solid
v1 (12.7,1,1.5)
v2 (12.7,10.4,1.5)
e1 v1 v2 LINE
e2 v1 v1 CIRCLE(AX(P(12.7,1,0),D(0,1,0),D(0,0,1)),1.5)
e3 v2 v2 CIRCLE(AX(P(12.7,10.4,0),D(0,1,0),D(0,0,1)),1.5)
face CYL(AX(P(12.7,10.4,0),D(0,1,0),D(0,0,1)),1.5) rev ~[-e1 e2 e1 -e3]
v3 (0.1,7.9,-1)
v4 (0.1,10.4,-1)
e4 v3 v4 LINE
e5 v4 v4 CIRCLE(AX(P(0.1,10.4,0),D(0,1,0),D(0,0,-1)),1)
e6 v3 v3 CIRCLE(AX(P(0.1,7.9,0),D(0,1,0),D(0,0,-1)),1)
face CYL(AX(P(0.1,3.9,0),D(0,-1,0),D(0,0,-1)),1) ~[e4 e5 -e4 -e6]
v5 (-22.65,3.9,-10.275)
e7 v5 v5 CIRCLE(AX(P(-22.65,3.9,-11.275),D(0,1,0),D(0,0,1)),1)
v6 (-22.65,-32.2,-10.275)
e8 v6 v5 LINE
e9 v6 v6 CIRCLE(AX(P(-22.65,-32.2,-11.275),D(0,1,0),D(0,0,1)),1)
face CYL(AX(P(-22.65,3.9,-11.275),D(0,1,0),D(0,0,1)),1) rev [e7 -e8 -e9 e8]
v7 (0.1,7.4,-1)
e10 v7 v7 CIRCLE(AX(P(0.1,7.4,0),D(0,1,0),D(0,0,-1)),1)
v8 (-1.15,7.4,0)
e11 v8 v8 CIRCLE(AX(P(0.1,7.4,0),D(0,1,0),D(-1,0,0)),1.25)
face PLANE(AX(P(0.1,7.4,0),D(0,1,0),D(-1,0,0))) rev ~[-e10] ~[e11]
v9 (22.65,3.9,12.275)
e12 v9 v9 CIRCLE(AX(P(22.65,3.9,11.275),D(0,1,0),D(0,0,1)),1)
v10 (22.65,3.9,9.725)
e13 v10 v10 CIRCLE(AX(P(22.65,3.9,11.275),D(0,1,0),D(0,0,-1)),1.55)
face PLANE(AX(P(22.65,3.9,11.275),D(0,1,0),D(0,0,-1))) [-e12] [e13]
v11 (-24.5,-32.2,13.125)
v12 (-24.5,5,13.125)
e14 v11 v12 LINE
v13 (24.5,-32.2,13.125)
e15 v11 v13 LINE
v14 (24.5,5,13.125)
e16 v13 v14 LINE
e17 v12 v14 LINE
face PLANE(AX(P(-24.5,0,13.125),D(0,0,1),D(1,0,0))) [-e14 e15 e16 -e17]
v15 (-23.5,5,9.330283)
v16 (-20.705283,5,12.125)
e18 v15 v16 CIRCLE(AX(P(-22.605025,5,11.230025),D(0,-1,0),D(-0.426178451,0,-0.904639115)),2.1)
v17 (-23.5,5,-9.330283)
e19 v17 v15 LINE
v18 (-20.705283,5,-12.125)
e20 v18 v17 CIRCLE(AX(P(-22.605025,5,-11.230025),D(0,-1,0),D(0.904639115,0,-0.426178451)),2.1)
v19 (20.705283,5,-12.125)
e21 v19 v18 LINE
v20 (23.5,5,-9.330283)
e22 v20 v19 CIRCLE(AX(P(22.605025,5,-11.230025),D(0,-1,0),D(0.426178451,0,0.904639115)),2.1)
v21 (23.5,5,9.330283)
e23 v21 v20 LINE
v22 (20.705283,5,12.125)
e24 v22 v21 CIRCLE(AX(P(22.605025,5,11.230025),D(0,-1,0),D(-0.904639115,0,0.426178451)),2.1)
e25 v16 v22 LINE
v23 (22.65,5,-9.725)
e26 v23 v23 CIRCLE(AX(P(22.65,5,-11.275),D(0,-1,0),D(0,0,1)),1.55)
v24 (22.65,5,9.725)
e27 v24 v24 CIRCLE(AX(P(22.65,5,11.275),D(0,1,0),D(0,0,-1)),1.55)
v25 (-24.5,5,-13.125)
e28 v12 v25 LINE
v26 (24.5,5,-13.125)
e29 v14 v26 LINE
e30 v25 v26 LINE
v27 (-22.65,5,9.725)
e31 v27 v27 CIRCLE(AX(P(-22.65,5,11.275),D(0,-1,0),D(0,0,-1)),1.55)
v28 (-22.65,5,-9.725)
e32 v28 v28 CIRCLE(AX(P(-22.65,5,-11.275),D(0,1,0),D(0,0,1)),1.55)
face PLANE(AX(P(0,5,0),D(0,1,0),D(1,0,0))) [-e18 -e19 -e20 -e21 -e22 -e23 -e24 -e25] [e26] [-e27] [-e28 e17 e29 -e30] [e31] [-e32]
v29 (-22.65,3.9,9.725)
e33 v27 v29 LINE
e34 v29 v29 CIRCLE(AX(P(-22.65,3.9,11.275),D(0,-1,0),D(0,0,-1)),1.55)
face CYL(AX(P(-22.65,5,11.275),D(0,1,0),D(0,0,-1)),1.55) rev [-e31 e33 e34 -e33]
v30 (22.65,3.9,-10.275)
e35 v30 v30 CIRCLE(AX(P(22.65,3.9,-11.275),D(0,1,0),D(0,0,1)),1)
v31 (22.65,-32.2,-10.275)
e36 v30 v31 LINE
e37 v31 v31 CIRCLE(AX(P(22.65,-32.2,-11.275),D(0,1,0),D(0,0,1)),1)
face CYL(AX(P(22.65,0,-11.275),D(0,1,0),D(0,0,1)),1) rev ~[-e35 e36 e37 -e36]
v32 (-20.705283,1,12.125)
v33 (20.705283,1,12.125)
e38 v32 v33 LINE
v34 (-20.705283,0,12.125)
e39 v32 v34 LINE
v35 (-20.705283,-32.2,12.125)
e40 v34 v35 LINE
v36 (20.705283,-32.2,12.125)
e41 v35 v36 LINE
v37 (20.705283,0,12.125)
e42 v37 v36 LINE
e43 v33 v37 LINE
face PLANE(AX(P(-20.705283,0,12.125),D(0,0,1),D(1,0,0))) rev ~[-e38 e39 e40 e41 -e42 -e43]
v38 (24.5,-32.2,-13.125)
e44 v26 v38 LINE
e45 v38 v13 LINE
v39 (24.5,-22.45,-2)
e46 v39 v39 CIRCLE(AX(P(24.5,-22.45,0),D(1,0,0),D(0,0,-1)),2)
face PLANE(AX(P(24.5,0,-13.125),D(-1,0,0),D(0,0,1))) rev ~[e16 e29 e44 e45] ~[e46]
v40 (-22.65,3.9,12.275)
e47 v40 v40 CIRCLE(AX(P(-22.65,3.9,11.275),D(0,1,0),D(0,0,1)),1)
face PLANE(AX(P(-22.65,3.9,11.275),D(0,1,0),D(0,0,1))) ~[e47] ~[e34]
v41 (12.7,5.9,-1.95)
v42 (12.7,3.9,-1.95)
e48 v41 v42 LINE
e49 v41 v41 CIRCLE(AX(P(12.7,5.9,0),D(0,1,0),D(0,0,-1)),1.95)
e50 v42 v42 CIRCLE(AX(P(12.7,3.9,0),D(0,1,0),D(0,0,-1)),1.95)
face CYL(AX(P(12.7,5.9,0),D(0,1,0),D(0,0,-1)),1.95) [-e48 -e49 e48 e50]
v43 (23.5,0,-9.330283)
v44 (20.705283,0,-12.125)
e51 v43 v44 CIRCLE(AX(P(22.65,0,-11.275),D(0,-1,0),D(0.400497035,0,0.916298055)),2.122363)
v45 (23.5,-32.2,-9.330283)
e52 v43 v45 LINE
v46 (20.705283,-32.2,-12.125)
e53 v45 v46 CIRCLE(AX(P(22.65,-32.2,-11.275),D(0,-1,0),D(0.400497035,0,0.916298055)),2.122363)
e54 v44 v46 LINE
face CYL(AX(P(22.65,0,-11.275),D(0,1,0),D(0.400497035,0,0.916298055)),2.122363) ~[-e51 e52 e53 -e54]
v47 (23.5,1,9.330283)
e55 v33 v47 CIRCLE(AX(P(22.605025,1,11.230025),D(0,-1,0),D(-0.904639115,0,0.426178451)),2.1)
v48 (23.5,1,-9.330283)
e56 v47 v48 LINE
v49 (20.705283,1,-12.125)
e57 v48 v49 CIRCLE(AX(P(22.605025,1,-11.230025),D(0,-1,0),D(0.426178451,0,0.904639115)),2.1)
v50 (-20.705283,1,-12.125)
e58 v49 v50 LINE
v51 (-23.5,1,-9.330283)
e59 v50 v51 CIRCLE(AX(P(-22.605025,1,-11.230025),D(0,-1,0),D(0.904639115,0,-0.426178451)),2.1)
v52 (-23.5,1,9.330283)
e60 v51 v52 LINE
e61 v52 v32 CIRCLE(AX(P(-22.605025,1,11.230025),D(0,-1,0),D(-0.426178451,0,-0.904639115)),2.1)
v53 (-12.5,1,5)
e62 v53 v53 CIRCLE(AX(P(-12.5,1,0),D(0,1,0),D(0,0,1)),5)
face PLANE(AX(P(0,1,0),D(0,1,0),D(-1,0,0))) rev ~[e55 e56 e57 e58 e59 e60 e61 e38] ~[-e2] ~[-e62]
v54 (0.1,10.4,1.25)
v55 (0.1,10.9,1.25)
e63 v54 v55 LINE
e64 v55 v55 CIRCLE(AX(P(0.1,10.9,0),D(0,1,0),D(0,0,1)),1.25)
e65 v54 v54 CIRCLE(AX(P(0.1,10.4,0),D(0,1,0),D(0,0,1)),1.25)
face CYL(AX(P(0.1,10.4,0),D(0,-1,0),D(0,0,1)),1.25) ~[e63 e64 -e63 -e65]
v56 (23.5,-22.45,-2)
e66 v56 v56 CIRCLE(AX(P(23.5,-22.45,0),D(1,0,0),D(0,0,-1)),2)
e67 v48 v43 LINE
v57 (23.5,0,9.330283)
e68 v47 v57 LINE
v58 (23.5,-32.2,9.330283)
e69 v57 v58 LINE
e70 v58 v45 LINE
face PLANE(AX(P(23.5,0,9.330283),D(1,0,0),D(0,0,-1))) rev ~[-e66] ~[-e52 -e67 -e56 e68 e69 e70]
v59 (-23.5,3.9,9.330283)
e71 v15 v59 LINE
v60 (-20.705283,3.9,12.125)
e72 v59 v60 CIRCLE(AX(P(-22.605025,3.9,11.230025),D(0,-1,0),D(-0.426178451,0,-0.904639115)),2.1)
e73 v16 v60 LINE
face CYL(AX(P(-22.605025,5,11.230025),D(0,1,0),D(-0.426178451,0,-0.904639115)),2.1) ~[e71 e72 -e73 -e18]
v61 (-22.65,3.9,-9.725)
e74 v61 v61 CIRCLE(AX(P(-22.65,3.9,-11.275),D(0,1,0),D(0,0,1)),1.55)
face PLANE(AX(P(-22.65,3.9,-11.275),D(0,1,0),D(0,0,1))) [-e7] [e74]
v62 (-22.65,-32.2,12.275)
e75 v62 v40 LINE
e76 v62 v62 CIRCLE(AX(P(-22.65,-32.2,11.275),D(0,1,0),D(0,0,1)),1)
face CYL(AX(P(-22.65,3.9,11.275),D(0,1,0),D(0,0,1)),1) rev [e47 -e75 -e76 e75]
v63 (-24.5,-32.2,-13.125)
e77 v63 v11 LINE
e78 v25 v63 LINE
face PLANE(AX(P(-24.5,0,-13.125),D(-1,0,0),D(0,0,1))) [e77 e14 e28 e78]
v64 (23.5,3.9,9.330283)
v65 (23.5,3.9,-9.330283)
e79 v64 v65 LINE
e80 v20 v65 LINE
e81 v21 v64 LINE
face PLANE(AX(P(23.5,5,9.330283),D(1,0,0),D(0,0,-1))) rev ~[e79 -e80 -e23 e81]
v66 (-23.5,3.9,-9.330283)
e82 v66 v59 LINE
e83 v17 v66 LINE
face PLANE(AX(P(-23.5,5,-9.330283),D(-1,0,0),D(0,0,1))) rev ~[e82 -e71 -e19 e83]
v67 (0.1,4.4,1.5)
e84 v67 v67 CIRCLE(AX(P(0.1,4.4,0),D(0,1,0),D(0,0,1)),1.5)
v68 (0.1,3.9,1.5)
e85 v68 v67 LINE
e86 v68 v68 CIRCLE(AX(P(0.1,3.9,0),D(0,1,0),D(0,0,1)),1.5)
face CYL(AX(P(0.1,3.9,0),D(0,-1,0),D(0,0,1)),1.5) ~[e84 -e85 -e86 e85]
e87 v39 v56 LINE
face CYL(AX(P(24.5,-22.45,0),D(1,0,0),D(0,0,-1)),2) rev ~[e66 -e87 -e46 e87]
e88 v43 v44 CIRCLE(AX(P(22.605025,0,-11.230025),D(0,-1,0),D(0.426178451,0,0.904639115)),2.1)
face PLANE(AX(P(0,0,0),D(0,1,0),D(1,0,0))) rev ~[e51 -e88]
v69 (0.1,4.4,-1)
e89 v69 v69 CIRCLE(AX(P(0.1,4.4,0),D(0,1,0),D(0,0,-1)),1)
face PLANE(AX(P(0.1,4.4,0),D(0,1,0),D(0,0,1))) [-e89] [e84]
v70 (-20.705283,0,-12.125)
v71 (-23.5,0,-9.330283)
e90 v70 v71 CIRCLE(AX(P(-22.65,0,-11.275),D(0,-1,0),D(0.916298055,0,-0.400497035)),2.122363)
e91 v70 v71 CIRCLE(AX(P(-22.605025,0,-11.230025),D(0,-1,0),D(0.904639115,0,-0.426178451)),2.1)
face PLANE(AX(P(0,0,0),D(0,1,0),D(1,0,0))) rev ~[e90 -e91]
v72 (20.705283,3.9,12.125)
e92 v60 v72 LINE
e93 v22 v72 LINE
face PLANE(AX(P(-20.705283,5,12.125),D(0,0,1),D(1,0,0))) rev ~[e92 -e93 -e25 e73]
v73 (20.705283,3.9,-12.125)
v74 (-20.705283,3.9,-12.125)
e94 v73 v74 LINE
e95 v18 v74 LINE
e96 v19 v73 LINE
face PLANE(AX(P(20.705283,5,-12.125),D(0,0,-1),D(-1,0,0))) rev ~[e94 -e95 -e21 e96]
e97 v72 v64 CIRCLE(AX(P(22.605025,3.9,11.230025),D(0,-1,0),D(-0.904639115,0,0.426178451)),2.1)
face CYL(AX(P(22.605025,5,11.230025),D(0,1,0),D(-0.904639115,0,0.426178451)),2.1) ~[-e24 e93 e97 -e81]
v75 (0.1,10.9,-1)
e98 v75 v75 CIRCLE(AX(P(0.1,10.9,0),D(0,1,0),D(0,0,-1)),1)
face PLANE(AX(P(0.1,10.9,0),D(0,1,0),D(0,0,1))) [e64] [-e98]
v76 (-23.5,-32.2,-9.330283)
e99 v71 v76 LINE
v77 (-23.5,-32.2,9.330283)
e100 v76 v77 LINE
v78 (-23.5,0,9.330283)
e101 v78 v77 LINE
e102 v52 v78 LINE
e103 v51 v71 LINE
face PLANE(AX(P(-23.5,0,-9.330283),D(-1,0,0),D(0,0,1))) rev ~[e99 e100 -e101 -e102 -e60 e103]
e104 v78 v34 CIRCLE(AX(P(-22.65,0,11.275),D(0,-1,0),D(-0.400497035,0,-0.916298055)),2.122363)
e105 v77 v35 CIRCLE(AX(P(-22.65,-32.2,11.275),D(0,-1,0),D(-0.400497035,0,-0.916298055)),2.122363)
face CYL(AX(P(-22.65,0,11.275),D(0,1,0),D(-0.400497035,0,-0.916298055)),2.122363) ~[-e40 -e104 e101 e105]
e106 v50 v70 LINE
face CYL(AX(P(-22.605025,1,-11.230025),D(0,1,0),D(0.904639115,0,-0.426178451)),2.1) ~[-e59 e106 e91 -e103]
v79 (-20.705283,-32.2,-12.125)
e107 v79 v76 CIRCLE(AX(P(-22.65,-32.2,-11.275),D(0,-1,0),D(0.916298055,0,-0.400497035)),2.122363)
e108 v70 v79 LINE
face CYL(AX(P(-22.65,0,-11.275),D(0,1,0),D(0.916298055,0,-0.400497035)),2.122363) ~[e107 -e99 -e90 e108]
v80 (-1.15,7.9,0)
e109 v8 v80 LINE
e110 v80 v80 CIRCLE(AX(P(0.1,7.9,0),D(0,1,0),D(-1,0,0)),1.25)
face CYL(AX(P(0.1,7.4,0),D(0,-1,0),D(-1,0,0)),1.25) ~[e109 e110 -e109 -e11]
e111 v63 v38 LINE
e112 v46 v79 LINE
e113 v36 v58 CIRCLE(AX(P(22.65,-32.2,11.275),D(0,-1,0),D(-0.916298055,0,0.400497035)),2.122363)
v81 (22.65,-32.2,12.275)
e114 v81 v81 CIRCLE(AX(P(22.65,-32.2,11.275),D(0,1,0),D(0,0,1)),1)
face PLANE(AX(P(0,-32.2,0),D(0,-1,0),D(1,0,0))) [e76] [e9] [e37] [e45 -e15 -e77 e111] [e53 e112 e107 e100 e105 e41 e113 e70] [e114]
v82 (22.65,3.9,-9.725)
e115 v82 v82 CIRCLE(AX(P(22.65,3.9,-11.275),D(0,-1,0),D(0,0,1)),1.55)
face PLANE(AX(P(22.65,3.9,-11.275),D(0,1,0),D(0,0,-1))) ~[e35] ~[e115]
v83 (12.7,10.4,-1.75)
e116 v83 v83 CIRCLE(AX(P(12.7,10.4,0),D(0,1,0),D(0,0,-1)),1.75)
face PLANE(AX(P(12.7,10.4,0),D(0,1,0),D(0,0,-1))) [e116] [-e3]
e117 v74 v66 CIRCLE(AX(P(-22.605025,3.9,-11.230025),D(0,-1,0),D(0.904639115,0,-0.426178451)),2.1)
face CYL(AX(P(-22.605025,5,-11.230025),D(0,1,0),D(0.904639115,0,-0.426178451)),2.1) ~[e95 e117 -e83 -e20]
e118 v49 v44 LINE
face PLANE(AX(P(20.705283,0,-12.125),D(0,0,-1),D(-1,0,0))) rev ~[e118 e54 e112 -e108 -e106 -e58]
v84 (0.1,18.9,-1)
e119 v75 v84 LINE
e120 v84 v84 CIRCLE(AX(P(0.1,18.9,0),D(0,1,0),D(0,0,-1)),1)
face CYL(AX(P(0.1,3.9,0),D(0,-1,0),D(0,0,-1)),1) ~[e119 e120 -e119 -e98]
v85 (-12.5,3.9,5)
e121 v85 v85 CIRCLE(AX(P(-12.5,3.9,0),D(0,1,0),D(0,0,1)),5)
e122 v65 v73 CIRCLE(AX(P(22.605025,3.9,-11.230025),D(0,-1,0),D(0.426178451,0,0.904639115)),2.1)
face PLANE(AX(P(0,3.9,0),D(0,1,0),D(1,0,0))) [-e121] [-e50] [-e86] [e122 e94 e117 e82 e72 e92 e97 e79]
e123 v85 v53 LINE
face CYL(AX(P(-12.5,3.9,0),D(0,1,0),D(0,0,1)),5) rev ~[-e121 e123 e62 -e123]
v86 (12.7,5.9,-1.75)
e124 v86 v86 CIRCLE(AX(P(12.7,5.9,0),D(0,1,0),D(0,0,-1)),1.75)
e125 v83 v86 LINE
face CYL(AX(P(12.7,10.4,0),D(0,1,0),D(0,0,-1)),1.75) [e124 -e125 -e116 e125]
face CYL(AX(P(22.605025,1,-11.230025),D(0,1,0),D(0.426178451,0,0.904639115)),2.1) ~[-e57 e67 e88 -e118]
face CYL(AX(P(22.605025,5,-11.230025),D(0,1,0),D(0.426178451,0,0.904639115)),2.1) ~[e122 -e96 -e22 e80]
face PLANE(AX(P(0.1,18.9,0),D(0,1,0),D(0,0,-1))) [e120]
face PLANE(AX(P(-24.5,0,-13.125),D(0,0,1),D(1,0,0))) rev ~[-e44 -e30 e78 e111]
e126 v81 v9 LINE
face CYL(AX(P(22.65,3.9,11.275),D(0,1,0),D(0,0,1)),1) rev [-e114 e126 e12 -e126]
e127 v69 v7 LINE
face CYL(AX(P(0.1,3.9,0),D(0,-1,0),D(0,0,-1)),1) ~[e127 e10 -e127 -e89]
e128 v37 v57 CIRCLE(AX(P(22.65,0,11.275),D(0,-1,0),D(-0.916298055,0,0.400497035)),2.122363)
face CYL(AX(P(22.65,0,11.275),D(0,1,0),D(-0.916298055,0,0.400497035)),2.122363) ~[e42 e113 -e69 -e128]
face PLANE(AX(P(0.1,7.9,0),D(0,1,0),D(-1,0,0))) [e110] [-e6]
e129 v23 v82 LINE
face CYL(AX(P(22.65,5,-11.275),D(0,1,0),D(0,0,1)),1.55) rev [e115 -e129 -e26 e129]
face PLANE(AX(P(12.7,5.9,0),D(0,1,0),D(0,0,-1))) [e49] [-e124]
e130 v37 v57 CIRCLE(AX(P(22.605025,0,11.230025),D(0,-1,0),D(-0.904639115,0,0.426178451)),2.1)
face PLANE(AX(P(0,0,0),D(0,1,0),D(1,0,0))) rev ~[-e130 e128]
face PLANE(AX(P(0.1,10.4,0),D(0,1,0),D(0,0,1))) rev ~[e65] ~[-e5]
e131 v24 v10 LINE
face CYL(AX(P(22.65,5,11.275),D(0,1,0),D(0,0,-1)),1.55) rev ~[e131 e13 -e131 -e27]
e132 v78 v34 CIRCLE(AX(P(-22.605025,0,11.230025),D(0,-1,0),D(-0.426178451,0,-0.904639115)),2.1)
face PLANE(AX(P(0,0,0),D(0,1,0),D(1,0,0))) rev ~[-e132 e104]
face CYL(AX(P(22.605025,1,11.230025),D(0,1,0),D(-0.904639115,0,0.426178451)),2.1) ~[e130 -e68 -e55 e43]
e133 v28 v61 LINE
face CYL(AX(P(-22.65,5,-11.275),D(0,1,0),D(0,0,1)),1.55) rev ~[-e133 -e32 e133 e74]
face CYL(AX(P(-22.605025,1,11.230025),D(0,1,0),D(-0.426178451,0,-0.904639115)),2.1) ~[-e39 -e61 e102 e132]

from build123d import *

# Parameters (mm, degrees)
SKETCH_1_W               = 49
SKETCH_1_H               = 26.25
EXTRUDE_1_DEPTH          = 5
SKETCH_2_R               = 1.55
CUT_EXTRUDE_1_DEPTH      = 1.1
MIRROR_2_COPY_1_SKETCH_R = 1.55
MIRROR_2_COPY_1_DEPTH    = 1.1
CUT_EXTRUDE_2_DEPTH      = 1.1
SKETCH_4_R               = 1
CUT_EXTRUDE_3_DEPTH      = 50
SKETCH_5_R               = 5
CUT_EXTRUDE_4_DEPTH      = 29.066450167
SKETCH_6_R               = 1.5
SKETCH_6_R_2             = 1
EXTRUDE_2_DEPTH          = 0.5
CUT_EXTRUDE_START        = -1
CUT_EXTRUDE_6_DEPTH      = 1
SKETCH_23_R              = 1.5
CUT_EXTRUDE_14_DEPTH     = 29.066450167
EXTRUDE_START            = 6.5
SKETCH_25_R              = 1.75
SKETCH_25_R_2            = 1.5
EXTRUDE_13_DEPTH         = 6.5
SKETCH_26_R              = 1
EXTRUDE_14_DEPTH         = 15
SKETCH_20_R              = 1.25
SKETCH_20_R_2            = 1
EXTRUDE_10_DEPTH         = 0.5
SKETCH_27_R              = 1.25
SKETCH_27_R_2            = 1
EXTRUDE_15_DEPTH         = 0.5
EXTRUDE_START_2          = 2
SKETCH_28_R              = 1.95
SKETCH_28_R_2            = 1.75
EXTRUDE_16_DEPTH         = 2
SKETCH_30_W              = 49
SKETCH_30_H              = 26.25
EXTRUDE_17_DEPTH         = 32.2
SKETCH_31_R              = 1
CUT_EXTRUDE_15_DEPTH     = 43.536521073
CUT_EXTRUDE_16_REACH     = 62.084
SKETCH_32_R              = 2


with BuildPart() as part:
    # 草图1 → 凸台-拉伸1 (new body)
    with BuildSketch(Plane(origin=(0, 0, 0), x_dir=(1, 0, 0), z_dir=(0, 1, 0))):
        Rectangle(SKETCH_1_W, SKETCH_1_H)
    extrude(amount=EXTRUDE_1_DEPTH)

    # 草图2 → 切除-拉伸1 (cut)
    with BuildSketch(Plane(origin=(0, 5, 0), x_dir=(1, 0, 0), z_dir=(0, 1, 0))):
        with Locations(Location((-22.65, 11.275, 0), (0, 0, 270))):
            Circle(SKETCH_2_R)
    cut_extrude_1 = extrude(amount=-CUT_EXTRUDE_1_DEPTH, mode=Mode.SUBTRACT)

    # 镜向1: 切除-拉伸1 across plane
    add(cut_extrude_1.mirror(Plane(origin=(0, 0, 0), x_dir=(0, 0, 1), z_dir=(1, 0, 0))), mode=Mode.SUBTRACT)

    # 镜向2: 切除-拉伸1 across plane
    add(cut_extrude_1.mirror(Plane.XY), mode=Mode.SUBTRACT)

    # 镜向2 copy 1 sketch → 镜向2 copy 1 (cut)
    with BuildSketch(Plane(origin=(0, 5, 0), x_dir=(-1, 0, 0), z_dir=(0, 1, 0))):
        with Locations(Location((-22.65, 11.275, 0), (0, 0, 270))):
            Circle(MIRROR_2_COPY_1_SKETCH_R)
    extrude(amount=-MIRROR_2_COPY_1_DEPTH, mode=Mode.SUBTRACT)

    # 草图3 → 切除-拉伸2 (cut)
    with BuildSketch(Plane(origin=(0, 5, 0), x_dir=(1, 0, 0), z_dir=(0, 1, 0))):
        with BuildLine():
            Line((-20.705283112, -12.125), (20.705283112, -12.125))
            ThreePointArc((20.705283112, -12.125), (21.120101013, -9.745101013), (23.5, -9.330283112))
            Line((23.5, -9.330283112), (23.5, 9.330283112))
            ThreePointArc((23.5, 9.330283112), (21.120101013, 9.745101013), (20.705283112, 12.125))
            Line((20.705283112, 12.125), (-20.705283112, 12.125))
            ThreePointArc((-20.705283112, 12.125), (-21.120101013, 9.745101013), (-23.5, 9.330283112))
            Line((-23.5, 9.330283112), (-23.5, -9.330283112))
            ThreePointArc((-23.5, -9.330283112), (-21.120101013, -9.745101013), (-20.705283112, -12.125))
        make_face()
    extrude(amount=-CUT_EXTRUDE_2_DEPTH, mode=Mode.SUBTRACT)

    # 草图4 → 切除-拉伸3 (cut)
    with BuildSketch(Plane(origin=(0, 3.9, 0), x_dir=(1, 0, 0), z_dir=(0, 1, 0))):
        with Locations(Location((-22.65, 11.275, 0), (0, 0, 270))):
            Circle(SKETCH_4_R)
        with Locations(Location((22.65, 11.275, 0), (0, 0, 270))):
            Circle(SKETCH_4_R)
        with Locations(Location((22.65, -11.275, 0), (0, 0, 270))):
            Circle(SKETCH_4_R)
        with Locations(Location((-22.65, -11.275, 0), (0, 0, 270))):
            Circle(SKETCH_4_R)
    cut_extrude_3 = extrude(amount=-CUT_EXTRUDE_3_DEPTH, mode=Mode.SUBTRACT)

    # 草图5 → 切除-拉伸4 (cut, through all)
    with BuildSketch(Plane(origin=(0, 3.9, 0), x_dir=(1, 0, 0), z_dir=(0, 1, 0))):
        with Locations(Location((-12.5, 0, 0), (0, 0, 270))):
            Circle(SKETCH_5_R)
    extrude(amount=-CUT_EXTRUDE_4_DEPTH, mode=Mode.SUBTRACT)

    # 草图6 → 凸台-拉伸2 (add)
    with BuildSketch(Plane(origin=(0, 3.9, 0), x_dir=(1, 0, 0), z_dir=(0, 1, 0))):
        with Locations(Location((0.1, 0, 0), (0, 0, 270))):
            Circle(SKETCH_6_R)
        with Locations(Location((0.1, 0, 0), (0, 0, 270))):
            Circle(SKETCH_6_R_2, mode=Mode.SUBTRACT)
    extrude(amount=EXTRUDE_2_DEPTH)

    # 草图10 → 切除-拉伸6 (cut)
    with BuildSketch(Plane.XZ.offset(CUT_EXTRUDE_START)):
        with BuildLine():
            Line((23.5, 9.330283112), (23.5, -9.330283112))
            ThreePointArc((23.5, -9.330283112), (21.120101013, -9.745101013), (20.705283112, -12.125))
            Line((20.705283112, -12.125), (-20.705283112, -12.125))
            ThreePointArc((-20.705283112, -12.125), (-21.120101013, -9.745101013), (-23.5, -9.330283112))
            Line((-23.5, -9.330283112), (-23.5, 9.330283112))
            ThreePointArc((-23.5, 9.330283112), (-21.120101013, 9.745101013), (-20.705283112, 12.125))
            Line((-20.705283112, 12.125), (20.705283112, 12.125))
            ThreePointArc((20.705283112, 12.125), (21.120101013, 9.745101013), (23.5, 9.330283112))
        make_face()
    extrude(amount=CUT_EXTRUDE_6_DEPTH, mode=Mode.SUBTRACT)

    # 草图23 → 切除-拉伸14 (cut, through all)
    with BuildSketch(Plane(origin=(0, 3.9, 0), x_dir=(1, 0, 0), z_dir=(0, 1, 0))):
        with Locations(Location((12.7, 0, 0), (0, 0, 270))):
            Circle(SKETCH_23_R)
    extrude(amount=-CUT_EXTRUDE_14_DEPTH, mode=Mode.SUBTRACT)

    # 草图25 → 凸台-拉伸13 (add)
    with BuildSketch(Plane(origin=(0, 3.9, 0), x_dir=(1, 0, 0), z_dir=(0, 1, 0)).offset(EXTRUDE_START)):
        with Locations(Location((12.7, 0, 0), (0, 0, 90))):
            Circle(SKETCH_25_R)
        with Locations(Location((12.7, 0, 0), (0, 0, 270))):
            Circle(SKETCH_25_R_2, mode=Mode.SUBTRACT)
    extrude(amount=-EXTRUDE_13_DEPTH)

    # 草图26 → 凸台-拉伸14 (add)
    with BuildSketch(Plane(origin=(0, 3.9, 0), x_dir=(1, 0, 0), z_dir=(0, 1, 0))):
        with Locations(Location((0.1, 0, 0), (0, 0, 90))):
            Circle(SKETCH_26_R)
    extrude(amount=EXTRUDE_14_DEPTH)

    # 草图20 → 凸台-拉伸10 (add)
    with BuildSketch(Plane(origin=(0, 10.4, 0), x_dir=(1, 0, 0), z_dir=(0, 1, 0))):
        with Locations(Location((0.1, 0, 0), (0, 0, 270))):
            Circle(SKETCH_20_R)
        with Locations(Location((0.1, 0, 0), (0, 0, 90))):
            Circle(SKETCH_20_R_2, mode=Mode.SUBTRACT)
    extrude(amount=EXTRUDE_10_DEPTH)

    # 草图27 → 凸台-拉伸15 (add)
    with BuildSketch(Plane(origin=(0, 7.4, 0), x_dir=(1, 0, 0), z_dir=(0, 1, 0))):
        with Locations(Location((0.1, 0, 0), (0, 0, 180))):
            Circle(SKETCH_27_R)
        with Locations(Location((0.1, 0, 0), (0, 0, 90))):
            Circle(SKETCH_27_R_2, mode=Mode.SUBTRACT)
    extrude(amount=EXTRUDE_15_DEPTH)

    # 草图28 → 凸台-拉伸16 (add)
    with BuildSketch(Plane(origin=(0, 3.9, 0), x_dir=(1, 0, 0), z_dir=(0, 1, 0)).offset(EXTRUDE_START_2)):
        with Locations(Location((12.7, 0, 0), (0, 0, 90))):
            Circle(SKETCH_28_R)
        with Locations(Location((12.7, 0, 0), (0, 0, 90))):
            Circle(SKETCH_28_R_2, mode=Mode.SUBTRACT)
    extrude(amount=-EXTRUDE_16_DEPTH)

    # 草图30 → 凸台-拉伸17 (add)
    with BuildSketch(Plane.XZ):
        Rectangle(SKETCH_30_W, SKETCH_30_H)
        with BuildLine():
            Line((-20.705283112, 12.125), (20.705283112, 12.125))
            ThreePointArc((20.705283112, 12.125), (21.149262885, 9.774262885), (23.5, 9.330283112))
            Line((23.5, 9.330283112), (23.5, -9.330283112))
            ThreePointArc((23.5, -9.330283112), (21.149262885, -9.774262885), (20.705283112, -12.125))
            Line((20.705283112, -12.125), (-20.705283112, -12.125))
            ThreePointArc((-20.705283112, -12.125), (-21.149262885, -9.774262885), (-23.5, -9.330283112))
            Line((-23.5, -9.330283112), (-23.5, 9.330283112))
            ThreePointArc((-23.5, 9.330283112), (-21.149262885, 9.774262885), (-20.705283112, 12.125))
        make_face(mode=Mode.SUBTRACT)
    extrude(amount=EXTRUDE_17_DEPTH)

    # 草图31 → 切除-拉伸15 (cut, through all)
    with BuildSketch(Plane(origin=(0, 0, 0), x_dir=(1, 0, 0), z_dir=(0, 1, 0))):
        with Locations(Location((22.65, 11.275, 0), (0, 0, 270))):
            Circle(SKETCH_31_R)
    extrude(amount=-CUT_EXTRUDE_15_DEPTH, mode=Mode.SUBTRACT)

    # 镜向3: 切除-拉伸3 across plane
    add(cut_extrude_3.mirror(Plane(origin=(0, 0, 0), x_dir=(0, 0, 1), z_dir=(1, 0, 0))), mode=Mode.SUBTRACT)

    # 草图32 → 切除-拉伸16 (cut, up to next)
    with BuildSketch(Plane(origin=(24.5, 0, 0), x_dir=(0, 0, -1), z_dir=(1, 0, 0)), mode=Mode.PRIVATE) as cut_extrude_16_sk1:
        with Locations((0, -22.45)):
            Circle(SKETCH_32_R)
    cut_extrude_16_tool1 = extrude(cut_extrude_16_sk1.sketch, amount=-CUT_EXTRUDE_16_REACH, mode=Mode.PRIVATE) & part.part
    add(cut_extrude_16_tool1.solids().sort_by_distance((24.5, -22.45, 0))[0], mode=Mode.SUBTRACT)


solid = part.part
